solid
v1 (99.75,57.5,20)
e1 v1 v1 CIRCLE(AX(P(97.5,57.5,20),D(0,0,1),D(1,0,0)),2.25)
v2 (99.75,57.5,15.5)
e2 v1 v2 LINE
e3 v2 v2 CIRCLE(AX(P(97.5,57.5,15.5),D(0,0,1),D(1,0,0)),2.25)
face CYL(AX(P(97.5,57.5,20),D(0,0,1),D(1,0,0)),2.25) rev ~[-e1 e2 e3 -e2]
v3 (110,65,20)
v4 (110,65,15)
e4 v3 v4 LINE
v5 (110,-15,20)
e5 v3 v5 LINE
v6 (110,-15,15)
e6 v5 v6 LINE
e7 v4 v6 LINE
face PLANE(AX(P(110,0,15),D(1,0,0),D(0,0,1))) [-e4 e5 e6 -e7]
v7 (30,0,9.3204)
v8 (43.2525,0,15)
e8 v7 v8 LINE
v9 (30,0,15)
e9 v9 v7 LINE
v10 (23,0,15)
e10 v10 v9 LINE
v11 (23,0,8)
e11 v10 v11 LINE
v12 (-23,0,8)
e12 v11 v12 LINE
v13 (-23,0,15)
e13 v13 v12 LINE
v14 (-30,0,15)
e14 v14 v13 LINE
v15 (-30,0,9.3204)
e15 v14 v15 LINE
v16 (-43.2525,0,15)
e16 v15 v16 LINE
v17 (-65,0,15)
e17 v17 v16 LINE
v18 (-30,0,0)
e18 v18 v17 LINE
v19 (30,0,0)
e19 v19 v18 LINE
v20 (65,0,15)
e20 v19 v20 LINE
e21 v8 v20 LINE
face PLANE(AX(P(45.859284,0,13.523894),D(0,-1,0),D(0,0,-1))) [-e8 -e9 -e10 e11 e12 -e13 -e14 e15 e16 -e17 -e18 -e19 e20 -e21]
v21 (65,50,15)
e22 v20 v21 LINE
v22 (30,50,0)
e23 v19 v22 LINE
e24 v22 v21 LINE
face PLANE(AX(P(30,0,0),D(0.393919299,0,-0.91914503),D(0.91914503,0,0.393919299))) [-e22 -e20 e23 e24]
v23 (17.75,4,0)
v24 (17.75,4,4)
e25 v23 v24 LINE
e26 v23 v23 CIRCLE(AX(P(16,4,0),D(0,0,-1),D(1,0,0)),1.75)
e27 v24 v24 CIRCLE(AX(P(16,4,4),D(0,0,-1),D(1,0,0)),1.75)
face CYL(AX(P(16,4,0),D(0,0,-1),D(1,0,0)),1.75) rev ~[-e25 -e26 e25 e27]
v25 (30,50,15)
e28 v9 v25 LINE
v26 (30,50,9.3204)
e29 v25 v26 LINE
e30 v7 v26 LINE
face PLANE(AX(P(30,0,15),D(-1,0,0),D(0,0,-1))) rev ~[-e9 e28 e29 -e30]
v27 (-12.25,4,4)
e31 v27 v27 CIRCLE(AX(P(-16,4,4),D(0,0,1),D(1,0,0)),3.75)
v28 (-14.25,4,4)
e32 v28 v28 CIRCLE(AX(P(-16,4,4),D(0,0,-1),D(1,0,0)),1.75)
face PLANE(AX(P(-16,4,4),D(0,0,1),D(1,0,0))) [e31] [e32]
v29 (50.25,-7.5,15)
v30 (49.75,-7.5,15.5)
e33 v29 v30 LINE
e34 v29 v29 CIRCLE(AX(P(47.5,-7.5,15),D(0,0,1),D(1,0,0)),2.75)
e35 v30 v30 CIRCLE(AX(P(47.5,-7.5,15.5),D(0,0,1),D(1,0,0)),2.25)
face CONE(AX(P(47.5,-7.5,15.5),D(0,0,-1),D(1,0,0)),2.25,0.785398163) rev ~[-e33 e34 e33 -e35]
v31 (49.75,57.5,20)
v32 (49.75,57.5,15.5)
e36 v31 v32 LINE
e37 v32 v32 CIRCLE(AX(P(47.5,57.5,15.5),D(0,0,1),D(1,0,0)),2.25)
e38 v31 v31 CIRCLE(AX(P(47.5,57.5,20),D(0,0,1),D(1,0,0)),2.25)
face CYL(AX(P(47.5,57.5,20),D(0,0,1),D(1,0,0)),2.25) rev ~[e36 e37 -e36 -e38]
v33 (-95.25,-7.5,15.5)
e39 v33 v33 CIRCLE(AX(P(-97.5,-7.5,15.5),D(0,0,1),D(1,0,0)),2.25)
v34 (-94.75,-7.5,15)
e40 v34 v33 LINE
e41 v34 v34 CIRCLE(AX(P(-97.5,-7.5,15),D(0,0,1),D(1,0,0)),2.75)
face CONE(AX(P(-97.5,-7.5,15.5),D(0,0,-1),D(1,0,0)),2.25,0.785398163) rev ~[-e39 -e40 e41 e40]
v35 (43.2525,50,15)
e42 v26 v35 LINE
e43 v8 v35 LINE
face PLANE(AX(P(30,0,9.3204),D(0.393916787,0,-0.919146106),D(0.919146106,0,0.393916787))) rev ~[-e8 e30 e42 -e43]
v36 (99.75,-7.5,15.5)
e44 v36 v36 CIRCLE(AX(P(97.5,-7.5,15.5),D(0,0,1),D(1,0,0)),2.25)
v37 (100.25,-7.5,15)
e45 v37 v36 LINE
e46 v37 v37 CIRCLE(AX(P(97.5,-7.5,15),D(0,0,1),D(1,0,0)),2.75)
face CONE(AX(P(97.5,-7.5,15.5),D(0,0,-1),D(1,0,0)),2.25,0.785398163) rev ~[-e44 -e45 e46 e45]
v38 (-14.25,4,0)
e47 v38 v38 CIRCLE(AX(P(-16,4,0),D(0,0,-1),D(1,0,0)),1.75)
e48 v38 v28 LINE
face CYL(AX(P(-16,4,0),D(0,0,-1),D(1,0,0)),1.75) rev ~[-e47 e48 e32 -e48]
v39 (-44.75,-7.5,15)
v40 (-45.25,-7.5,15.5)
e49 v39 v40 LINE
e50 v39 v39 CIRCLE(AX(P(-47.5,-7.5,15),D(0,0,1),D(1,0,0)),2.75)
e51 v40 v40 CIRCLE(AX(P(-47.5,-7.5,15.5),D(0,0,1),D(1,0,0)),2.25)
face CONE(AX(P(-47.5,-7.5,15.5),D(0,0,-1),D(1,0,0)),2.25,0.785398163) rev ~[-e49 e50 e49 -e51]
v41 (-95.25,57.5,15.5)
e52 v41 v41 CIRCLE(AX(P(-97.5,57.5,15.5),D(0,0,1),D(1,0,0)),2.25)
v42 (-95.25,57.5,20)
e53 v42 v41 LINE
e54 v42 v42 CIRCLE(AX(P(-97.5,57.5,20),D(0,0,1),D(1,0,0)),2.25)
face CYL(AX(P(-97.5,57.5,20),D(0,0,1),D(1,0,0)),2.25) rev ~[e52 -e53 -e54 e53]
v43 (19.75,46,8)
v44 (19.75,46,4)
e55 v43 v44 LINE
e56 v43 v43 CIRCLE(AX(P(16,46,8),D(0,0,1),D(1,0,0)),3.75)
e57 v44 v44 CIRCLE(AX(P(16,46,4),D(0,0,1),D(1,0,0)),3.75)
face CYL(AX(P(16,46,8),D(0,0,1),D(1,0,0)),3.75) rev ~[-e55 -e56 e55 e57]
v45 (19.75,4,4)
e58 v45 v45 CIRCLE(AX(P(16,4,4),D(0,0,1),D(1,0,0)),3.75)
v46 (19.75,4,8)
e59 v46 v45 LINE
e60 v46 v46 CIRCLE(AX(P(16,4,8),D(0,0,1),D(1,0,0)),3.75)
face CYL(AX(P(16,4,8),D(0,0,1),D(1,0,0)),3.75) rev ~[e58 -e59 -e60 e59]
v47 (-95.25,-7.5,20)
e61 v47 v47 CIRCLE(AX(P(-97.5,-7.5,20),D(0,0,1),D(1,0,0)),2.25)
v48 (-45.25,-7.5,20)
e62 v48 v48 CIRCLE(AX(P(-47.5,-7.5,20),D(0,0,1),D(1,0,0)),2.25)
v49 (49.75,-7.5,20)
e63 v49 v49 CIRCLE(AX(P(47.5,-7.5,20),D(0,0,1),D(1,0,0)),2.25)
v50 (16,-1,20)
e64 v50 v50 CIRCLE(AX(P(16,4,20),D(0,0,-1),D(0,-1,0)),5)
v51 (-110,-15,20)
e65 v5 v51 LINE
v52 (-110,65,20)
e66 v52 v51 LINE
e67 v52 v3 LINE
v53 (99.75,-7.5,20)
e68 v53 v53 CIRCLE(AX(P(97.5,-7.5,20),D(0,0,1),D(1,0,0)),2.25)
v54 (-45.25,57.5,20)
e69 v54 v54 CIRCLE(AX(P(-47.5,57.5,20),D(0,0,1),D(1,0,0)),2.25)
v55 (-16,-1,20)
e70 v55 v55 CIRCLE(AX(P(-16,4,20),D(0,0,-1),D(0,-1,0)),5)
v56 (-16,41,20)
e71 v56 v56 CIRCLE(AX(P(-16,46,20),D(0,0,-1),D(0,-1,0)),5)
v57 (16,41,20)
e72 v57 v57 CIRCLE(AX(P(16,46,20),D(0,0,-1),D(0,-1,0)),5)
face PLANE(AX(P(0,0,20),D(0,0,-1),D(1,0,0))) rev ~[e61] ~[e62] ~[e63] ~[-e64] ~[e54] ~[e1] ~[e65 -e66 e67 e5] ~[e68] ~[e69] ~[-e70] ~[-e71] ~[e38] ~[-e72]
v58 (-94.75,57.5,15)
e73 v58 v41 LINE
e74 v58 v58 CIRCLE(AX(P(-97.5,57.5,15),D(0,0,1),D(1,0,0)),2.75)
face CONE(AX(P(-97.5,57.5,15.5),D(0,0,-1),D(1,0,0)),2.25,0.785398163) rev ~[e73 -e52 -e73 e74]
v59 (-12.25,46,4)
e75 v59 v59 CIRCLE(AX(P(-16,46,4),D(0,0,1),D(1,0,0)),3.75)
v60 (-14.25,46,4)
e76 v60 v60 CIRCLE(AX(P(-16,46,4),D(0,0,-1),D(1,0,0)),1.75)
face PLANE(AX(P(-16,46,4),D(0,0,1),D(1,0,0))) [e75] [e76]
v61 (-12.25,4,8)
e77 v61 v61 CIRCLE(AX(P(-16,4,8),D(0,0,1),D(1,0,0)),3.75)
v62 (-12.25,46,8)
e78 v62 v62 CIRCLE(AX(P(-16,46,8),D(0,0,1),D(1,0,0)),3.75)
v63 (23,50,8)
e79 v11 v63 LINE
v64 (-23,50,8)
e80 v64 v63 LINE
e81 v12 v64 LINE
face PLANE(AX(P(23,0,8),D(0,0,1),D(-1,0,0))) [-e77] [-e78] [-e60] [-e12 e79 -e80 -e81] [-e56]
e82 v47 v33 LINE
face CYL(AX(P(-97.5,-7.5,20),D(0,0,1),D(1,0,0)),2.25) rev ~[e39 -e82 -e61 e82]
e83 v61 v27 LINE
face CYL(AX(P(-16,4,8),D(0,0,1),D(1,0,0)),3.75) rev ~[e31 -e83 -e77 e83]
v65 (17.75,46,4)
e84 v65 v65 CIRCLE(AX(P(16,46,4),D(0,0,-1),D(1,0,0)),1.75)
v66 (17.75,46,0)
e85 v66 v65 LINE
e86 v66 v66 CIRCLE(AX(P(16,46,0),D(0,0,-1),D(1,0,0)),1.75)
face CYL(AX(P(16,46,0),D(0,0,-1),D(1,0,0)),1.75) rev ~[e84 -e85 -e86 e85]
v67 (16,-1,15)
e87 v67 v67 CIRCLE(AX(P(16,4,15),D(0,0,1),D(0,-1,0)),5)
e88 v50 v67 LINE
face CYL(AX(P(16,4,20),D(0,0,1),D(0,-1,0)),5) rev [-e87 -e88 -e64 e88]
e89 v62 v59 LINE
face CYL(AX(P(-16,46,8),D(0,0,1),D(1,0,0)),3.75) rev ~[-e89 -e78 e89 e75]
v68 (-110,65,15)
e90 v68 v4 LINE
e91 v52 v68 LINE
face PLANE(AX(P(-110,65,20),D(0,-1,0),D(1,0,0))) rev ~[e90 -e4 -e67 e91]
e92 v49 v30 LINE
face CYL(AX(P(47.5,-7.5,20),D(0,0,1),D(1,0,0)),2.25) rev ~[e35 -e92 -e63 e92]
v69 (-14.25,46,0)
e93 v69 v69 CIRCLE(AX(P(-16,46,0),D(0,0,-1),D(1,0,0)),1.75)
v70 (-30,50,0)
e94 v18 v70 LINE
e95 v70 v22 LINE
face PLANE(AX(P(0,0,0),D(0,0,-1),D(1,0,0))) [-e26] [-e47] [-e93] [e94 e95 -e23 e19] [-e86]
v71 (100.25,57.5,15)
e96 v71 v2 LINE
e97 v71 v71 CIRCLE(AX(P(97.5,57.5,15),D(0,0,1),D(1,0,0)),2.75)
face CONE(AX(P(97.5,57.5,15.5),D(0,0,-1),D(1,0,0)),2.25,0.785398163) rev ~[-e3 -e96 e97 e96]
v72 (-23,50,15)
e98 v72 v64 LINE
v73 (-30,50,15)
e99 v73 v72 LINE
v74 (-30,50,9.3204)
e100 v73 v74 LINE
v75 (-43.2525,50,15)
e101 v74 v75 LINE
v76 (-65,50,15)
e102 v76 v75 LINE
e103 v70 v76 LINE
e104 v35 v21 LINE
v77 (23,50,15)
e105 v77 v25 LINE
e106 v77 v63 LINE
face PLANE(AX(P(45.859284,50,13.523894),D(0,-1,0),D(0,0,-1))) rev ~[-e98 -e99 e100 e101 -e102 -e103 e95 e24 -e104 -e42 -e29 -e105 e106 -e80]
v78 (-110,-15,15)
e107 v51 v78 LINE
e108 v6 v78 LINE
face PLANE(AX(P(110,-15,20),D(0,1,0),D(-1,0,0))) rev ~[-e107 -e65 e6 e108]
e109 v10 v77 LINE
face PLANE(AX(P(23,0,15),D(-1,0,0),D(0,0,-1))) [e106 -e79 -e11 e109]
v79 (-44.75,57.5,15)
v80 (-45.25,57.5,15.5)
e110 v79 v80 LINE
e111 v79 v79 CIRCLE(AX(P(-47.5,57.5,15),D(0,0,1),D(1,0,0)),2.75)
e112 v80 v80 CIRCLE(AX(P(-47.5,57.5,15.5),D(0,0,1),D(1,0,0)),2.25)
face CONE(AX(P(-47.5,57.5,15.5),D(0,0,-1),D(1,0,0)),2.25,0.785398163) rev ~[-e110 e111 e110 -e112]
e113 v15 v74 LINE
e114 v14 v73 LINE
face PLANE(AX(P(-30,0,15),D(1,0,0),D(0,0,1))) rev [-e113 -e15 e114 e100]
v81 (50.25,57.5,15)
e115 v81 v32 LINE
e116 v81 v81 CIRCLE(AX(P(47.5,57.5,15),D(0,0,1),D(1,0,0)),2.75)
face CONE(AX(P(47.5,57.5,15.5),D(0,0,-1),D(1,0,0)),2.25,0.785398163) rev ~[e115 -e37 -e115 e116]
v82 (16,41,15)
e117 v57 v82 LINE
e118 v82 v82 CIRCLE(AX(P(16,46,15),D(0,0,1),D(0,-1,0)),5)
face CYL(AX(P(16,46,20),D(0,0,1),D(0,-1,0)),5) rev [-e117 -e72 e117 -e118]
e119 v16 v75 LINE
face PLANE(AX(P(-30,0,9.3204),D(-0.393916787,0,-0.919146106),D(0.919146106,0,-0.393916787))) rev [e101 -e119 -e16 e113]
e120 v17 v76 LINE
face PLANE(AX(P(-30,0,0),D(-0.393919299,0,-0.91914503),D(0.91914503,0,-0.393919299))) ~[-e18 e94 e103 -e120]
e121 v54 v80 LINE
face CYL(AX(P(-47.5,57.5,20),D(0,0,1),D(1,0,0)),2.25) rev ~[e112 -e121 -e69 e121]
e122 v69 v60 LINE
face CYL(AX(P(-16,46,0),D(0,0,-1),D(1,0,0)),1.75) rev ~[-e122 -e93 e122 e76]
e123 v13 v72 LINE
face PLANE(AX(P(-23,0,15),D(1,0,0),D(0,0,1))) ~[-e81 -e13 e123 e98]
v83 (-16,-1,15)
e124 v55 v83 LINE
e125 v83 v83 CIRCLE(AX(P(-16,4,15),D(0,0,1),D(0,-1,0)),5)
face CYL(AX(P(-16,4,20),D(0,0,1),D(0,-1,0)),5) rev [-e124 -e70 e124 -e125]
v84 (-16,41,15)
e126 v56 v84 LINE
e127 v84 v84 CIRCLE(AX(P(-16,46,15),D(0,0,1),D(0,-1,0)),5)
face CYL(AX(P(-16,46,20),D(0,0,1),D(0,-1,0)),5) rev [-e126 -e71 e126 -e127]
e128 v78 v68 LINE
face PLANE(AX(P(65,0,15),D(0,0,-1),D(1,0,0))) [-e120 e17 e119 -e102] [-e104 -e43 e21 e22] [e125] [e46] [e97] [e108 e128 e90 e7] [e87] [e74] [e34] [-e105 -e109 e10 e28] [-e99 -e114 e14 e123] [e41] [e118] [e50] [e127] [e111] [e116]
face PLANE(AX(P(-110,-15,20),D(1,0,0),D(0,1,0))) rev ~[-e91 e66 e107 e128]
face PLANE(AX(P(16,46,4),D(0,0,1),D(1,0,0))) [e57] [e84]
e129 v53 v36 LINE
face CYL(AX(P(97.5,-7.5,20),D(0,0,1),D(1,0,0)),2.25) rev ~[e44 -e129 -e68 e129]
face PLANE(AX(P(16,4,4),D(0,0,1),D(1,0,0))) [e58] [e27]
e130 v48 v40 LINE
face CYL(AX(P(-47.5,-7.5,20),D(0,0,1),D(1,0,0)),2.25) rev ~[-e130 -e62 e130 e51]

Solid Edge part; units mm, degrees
sketch "Sketch1" plane through (0, 0, 0) normal (0, -1, 0) x (1, 0, 0)
  line L0 (30, 0) -> (65, 15)
  line L1 (65, 15) -> (110, 15)
  line L2 (110, 15) -> (110, 20)
  line L3 (0, 20) -> (110, 20)
  line L4 (0, 20) -> (0, 15)
  line L5 (0, 15) -> (23, 15)
  line L6 (23, 15) -> (23, 8)
  line L7 (23, 8) -> (0, 8)
  line L8 (0, 8) -> (0, 0)
  line L9 (0, 0) -> (30, 0)
  dimension "D1" = 30
  dimension "D2" = 23
  dimension "D3" = 8
  dimension "D4" = 65
  dimension "D5" = 20
  dimension "D6" = 5
  dimension "D7" = 110
extrude "Protrusion1" add sketch "Sketch1" against normal blind 50
mirror "Mirror1" about plane through (0, 25, 4) normal (-1, 0, 0) of "Protrusion1"
sketch "Sketch2" plane through (0, 0, 26) normal (0, -1, 0) x (1, 0, 0)
  line L0 (30, -16.6796) -> (43.2525, -11)
  line L1 (43.2525, -11) -> (30, -11)
  line L2 (30, -11) -> (30, -16.6796)
extrude "Cutout1" cut sketch "Sketch2" against normal through all
sketch "Sketch3" plane through (0, 25, 0) normal (0, 0, -1) x (1, 0, 0)
  circle A0 centre (-16, 21) radius 1.75
  circle A1 centre (16, 21) radius 1.75
  circle A2 centre (16, -21) radius 1.75
  circle A3 centre (-16, -21) radius 1.75
  dimension "D1" = 3.5
  dimension "D2" = 32
  dimension "D3" = 42
extrude "Cutout2" cut sketch "Sketch3" against normal up to next
sketch "Sketch4" plane through (0, 25, 8) normal (0, 0, 1) x (1, 0, 0)
  circle A0 centre (-16, -21) radius 3.75
  circle A1 centre (16, -21) radius 3.75
  circle A2 centre (-16, 21) radius 3.75
  circle A3 centre (16, 21) radius 3.75
  dimension "D1" = 7.5
extrude "Extrusionsausschnitt_4" cut sketch "Sketch4" against normal blind 4
mirror "Mirror2" about plane through (0, 0, 0) normal (1, 0, 0) of "Cutout1"
sketch "Sketch5" plane through (0, 25, 20) normal (0, 0, 1) x (1, 0, 0)
  line L0 (110, -40) -> (-110, -40)
  line L1 (-110, -40) -> (-110, 40)
  line L2 (-110, 40) -> (110, 40)
  line L3 (110, 40) -> (110, -40)
  dimension "D1" = 220
  dimension "D2" = 40
extrude "Protrusion2" add sketch "Sketch5" against normal up to vertex (5 mm away)
sketch "Sketch6" plane through (0, 25, 20) normal (0, 0, 1) x (1, 0, 0)
  circle A0 centre (-97.5, -32.5) radius 2.25
  circle A1 centre (-47.5, 32.5) radius 2.25
  circle A2 centre (-47.5, -32.5) radius 2.25
  circle A3 centre (47.5, 32.5) radius 2.25
  circle A4 centre (47.5, -32.5) radius 2.25
  circle A5 centre (97.5, -32.5) radius 2.25
  circle A6 centre (97.5, 32.5) radius 2.25
  circle A7 centre (-97.5, 32.5) radius 2.25
  dimension "D1" = 4.5
  dimension "D2" = 50
  dimension "D3" = 145
  dimension "D4" = 65
  dimension "D5" = 50
extrude "Cutout3" cut sketch "Sketch6" against normal up to next
chamfer "Fase_2" distance 0.5 angle 45 8 edges at (-95.25, -7.5, 15) (-95.25, 57.5, 15) (-45.25, 57.5, 15) (49.75, 57.5, 15) (99.75, 57.5, 15) (99.75, -7.5, 15) (49.75, -7.5, 15) (-45.25, -7.5, 15)
hole "Hole_1" at (-16, 46, 20) direction (0, 0, -1) diameter 10 end up to next
hole "Hole1" at (-16, 4, 20) direction (0, 0, -1) diameter 10 end up to next
hole "Hole2" at (16, 4, 20) direction (0, 0, -1) diameter 10 end up to next
hole "Hole3" at (16, 46, 20) direction (0, 0, -1) diameter 10 end up to next
properties material "Nylon, allgemein"
